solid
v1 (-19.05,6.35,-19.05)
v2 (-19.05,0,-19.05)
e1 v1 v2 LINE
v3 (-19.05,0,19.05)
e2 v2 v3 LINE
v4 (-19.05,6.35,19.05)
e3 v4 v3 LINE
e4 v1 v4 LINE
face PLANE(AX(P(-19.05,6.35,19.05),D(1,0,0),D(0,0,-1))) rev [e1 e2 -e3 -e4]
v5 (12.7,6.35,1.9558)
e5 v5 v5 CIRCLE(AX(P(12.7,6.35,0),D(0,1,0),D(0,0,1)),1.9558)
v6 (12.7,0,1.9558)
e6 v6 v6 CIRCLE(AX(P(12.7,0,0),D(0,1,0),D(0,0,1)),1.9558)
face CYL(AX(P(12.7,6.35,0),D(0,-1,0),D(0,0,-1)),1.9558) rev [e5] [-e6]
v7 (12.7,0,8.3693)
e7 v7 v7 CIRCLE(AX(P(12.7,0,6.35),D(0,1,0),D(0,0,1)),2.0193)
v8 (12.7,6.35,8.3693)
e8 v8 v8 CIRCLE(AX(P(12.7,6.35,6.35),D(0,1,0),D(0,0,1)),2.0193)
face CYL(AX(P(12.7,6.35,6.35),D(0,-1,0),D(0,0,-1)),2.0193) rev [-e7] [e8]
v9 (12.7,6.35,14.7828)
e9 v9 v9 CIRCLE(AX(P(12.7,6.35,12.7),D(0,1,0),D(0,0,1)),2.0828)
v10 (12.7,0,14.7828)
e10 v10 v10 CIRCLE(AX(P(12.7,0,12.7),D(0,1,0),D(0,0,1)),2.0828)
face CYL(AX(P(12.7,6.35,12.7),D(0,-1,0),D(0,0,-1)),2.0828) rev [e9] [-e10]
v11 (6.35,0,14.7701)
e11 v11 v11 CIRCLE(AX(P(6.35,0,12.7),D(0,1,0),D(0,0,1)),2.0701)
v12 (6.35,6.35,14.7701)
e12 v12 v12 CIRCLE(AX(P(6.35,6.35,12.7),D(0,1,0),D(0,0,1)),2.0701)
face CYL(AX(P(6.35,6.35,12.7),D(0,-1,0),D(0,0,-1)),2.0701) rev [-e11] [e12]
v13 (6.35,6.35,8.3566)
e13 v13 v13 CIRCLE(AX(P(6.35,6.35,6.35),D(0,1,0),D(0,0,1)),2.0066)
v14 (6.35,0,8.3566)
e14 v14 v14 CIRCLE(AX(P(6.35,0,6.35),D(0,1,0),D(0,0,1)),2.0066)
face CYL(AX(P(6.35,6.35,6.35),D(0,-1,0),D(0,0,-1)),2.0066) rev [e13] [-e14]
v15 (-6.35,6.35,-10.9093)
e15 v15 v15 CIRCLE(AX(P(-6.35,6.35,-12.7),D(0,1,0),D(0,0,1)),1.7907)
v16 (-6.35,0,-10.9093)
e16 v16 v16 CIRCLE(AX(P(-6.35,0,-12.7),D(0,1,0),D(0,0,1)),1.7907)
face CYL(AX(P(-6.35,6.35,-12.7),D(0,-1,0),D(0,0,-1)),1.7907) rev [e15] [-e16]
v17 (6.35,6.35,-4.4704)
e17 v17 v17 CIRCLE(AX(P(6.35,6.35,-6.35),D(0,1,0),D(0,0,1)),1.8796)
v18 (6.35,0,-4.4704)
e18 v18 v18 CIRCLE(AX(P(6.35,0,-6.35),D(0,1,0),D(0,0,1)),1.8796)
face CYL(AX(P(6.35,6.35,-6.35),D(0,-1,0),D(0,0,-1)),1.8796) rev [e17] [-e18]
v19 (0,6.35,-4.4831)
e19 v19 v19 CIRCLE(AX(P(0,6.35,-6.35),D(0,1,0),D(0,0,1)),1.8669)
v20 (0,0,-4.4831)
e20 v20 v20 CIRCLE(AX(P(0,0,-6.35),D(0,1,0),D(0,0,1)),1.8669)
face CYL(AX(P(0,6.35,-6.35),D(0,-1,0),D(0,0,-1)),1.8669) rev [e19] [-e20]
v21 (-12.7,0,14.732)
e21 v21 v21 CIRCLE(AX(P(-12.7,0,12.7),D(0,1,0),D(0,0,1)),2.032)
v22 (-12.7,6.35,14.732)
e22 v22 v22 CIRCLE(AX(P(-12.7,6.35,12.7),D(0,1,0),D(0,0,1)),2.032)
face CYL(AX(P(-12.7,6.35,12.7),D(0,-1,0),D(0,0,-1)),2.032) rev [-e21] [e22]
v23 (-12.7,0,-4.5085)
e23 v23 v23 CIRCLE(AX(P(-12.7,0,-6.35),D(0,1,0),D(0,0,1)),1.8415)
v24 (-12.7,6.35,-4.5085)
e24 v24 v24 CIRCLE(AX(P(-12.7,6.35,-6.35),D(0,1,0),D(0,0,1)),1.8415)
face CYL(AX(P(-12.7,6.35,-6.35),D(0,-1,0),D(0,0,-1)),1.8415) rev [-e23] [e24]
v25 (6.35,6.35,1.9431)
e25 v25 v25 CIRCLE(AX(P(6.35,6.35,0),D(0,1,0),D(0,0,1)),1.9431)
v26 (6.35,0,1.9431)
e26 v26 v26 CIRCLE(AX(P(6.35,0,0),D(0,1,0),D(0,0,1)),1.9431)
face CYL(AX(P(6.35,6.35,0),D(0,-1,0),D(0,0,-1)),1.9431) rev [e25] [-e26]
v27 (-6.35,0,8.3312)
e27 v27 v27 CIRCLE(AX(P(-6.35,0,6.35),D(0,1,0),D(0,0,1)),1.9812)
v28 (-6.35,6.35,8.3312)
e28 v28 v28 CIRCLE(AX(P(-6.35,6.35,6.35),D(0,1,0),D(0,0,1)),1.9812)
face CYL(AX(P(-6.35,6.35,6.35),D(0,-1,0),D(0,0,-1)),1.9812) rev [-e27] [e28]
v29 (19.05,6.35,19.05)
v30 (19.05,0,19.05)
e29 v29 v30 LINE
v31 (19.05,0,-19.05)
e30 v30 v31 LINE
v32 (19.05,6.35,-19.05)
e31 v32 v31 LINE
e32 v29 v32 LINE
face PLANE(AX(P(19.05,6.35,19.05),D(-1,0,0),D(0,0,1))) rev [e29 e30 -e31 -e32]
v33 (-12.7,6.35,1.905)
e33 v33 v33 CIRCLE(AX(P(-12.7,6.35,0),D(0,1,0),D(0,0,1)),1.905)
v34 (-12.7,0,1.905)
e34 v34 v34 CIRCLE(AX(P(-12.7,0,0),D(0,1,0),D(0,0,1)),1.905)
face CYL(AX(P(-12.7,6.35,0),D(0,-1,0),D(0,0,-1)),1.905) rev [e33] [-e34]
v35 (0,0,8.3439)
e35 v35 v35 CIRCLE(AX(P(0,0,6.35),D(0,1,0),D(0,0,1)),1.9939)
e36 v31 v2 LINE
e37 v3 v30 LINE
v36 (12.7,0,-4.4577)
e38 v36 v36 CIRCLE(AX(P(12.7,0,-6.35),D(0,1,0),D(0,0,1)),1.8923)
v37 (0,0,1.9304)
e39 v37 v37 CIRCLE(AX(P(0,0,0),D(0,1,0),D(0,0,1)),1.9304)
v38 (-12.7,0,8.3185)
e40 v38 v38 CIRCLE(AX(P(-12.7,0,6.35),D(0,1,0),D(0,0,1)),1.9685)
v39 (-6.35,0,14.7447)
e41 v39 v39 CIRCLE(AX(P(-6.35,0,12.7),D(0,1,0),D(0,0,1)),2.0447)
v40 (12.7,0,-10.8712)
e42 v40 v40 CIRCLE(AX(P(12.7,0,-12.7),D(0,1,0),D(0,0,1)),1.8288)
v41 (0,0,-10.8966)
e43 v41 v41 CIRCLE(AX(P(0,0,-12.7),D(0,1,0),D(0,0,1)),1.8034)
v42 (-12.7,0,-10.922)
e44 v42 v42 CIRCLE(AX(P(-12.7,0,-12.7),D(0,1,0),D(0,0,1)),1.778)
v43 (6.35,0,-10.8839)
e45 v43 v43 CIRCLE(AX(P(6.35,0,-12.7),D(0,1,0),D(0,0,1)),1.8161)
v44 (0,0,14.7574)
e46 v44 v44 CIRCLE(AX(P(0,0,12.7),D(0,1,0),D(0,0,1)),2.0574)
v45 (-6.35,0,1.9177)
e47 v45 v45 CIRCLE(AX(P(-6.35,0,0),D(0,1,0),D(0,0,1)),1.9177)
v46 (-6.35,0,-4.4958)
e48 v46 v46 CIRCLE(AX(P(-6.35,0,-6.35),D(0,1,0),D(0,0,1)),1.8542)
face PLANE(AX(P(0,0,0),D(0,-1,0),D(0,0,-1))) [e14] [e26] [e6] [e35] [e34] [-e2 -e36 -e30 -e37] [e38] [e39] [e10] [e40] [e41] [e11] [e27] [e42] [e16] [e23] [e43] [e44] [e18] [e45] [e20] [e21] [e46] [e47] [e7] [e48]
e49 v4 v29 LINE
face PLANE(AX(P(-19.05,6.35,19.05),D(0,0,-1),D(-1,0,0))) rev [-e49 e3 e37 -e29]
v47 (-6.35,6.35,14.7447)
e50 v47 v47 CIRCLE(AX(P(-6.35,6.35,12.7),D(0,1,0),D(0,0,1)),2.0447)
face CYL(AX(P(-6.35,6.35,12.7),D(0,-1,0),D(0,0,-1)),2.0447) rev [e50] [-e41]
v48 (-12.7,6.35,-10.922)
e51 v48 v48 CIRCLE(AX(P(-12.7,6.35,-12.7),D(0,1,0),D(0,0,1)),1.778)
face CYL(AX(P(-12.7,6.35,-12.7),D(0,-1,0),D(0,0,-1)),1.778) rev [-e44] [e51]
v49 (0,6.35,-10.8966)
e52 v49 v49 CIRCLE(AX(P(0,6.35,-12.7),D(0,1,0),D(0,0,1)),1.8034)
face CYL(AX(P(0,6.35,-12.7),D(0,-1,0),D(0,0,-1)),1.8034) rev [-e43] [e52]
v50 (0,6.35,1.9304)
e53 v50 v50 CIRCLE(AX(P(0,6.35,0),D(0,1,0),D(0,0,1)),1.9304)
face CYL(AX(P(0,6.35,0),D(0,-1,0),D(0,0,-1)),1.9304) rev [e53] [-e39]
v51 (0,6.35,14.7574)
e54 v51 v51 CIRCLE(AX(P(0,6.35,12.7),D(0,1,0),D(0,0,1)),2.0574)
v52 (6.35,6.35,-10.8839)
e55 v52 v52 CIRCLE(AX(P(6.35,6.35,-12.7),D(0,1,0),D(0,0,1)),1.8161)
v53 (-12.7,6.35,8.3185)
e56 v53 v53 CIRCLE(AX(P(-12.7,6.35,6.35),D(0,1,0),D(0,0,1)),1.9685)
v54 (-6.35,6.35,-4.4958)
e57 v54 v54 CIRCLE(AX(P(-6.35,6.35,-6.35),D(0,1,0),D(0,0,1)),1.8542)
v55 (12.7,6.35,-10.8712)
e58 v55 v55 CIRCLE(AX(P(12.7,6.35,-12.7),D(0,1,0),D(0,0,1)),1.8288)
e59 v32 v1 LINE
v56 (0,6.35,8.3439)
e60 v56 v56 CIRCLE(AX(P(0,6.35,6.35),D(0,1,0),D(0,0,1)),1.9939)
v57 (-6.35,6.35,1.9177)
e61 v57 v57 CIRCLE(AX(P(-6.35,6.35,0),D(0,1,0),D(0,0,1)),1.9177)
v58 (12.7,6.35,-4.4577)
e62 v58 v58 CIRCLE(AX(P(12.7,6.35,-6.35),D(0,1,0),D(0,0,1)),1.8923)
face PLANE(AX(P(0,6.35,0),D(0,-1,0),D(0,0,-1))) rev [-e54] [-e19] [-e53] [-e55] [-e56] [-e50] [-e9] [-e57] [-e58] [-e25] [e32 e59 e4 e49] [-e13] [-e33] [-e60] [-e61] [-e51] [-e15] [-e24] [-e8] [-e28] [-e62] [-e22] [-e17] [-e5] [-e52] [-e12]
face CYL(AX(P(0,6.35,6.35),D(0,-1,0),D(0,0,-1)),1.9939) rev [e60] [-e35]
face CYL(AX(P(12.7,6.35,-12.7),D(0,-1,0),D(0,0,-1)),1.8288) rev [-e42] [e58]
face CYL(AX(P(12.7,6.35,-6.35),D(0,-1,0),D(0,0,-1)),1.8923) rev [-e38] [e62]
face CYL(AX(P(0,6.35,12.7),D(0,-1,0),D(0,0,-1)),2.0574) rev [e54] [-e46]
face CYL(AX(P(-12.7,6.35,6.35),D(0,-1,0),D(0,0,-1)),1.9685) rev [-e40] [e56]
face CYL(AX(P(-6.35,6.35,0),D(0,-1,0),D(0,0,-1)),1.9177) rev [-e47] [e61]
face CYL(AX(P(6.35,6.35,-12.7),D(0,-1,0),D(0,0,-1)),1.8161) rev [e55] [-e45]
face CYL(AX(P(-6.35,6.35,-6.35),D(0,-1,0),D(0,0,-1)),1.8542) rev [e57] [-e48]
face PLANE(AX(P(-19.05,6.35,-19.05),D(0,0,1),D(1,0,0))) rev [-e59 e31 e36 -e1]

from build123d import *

# Parameters (mm, degrees)
SKETCH1_W           = 38.1
SKETCH1_H           = 38.1
SKETCH1_R           = 1.778
SKETCH1_R_2         = 1.7907
SKETCH1_R_3         = 1.8034
SKETCH1_R_4         = 1.8161
SKETCH1_R_5         = 1.8288
SKETCH1_R_6         = 1.8542
SKETCH1_R_7         = 1.8669
SKETCH1_R_8         = 1.8796
SKETCH1_R_9         = 1.8923
SKETCH1_R_10        = 1.9177
SKETCH1_R_11        = 1.9304
SKETCH1_R_12        = 1.9431
SKETCH1_R_13        = 1.9558
SKETCH1_R_14        = 1.9812
SKETCH1_R_15        = 1.9939
SKETCH1_R_16        = 2.0066
SKETCH1_R_17        = 2.0193
SKETCH1_R_18        = 2.0447
SKETCH1_R_19        = 2.0574
SKETCH1_R_20        = 2.0701
SKETCH1_R_21        = 2.0828
SKETCH1_R_22        = 1.8415
SKETCH1_R_23        = 1.905
SKETCH1_R_24        = 1.9685
SKETCH1_R_25        = 2.032
BOSS_EXTRUDE1_DEPTH = 6.35


with BuildPart() as part:
    # Sketch1 → Boss-Extrude1 (new body)
    with BuildSketch(Plane(origin=(0, 0, 0), x_dir=(1, 0, 0), z_dir=(0, 1, 0))):
        Rectangle(SKETCH1_W, SKETCH1_H)
        with Locations((-12.7, 12.7)):
            Circle(SKETCH1_R, mode=Mode.SUBTRACT)
        with Locations((-6.35, 12.7)):
            Circle(SKETCH1_R_2, mode=Mode.SUBTRACT)
        with Locations((0, 12.7)):
            Circle(SKETCH1_R_3, mode=Mode.SUBTRACT)
        with Locations((6.35, 12.7)):
            Circle(SKETCH1_R_4, mode=Mode.SUBTRACT)
        with Locations((12.7, 12.7)):
            Circle(SKETCH1_R_5, mode=Mode.SUBTRACT)
        with Locations((-6.35, 6.35)):
            Circle(SKETCH1_R_6, mode=Mode.SUBTRACT)
        with Locations((0, 6.35)):
            Circle(SKETCH1_R_7, mode=Mode.SUBTRACT)
        with Locations((6.35, 6.35)):
            Circle(SKETCH1_R_8, mode=Mode.SUBTRACT)
        with Locations((12.7, 6.35)):
            Circle(SKETCH1_R_9, mode=Mode.SUBTRACT)
        with Locations((-6.35, 0)):
            Circle(SKETCH1_R_10, mode=Mode.SUBTRACT)
        Circle(SKETCH1_R_11, mode=Mode.SUBTRACT)
        with Locations((6.35, 0)):
            Circle(SKETCH1_R_12, mode=Mode.SUBTRACT)
        with Locations((12.7, 0)):
            Circle(SKETCH1_R_13, mode=Mode.SUBTRACT)
        with Locations((-6.35, -6.35)):
            Circle(SKETCH1_R_14, mode=Mode.SUBTRACT)
        with Locations((0, -6.35)):
            Circle(SKETCH1_R_15, mode=Mode.SUBTRACT)
        with Locations((6.35, -6.35)):
            Circle(SKETCH1_R_16, mode=Mode.SUBTRACT)
        with Locations((12.7, -6.35)):
            Circle(SKETCH1_R_17, mode=Mode.SUBTRACT)
        with Locations((-6.35, -12.7)):
            Circle(SKETCH1_R_18, mode=Mode.SUBTRACT)
        with Locations((0, -12.7)):
            Circle(SKETCH1_R_19, mode=Mode.SUBTRACT)
        with Locations((6.35, -12.7)):
            Circle(SKETCH1_R_20, mode=Mode.SUBTRACT)
        with Locations((12.7, -12.7)):
            Circle(SKETCH1_R_21, mode=Mode.SUBTRACT)
        with Locations((-12.7, 6.35)):
            Circle(SKETCH1_R_22, mode=Mode.SUBTRACT)
        with Locations((-12.7, 0)):
            Circle(SKETCH1_R_23, mode=Mode.SUBTRACT)
        with Locations((-12.7, -6.35)):
            Circle(SKETCH1_R_24, mode=Mode.SUBTRACT)
        with Locations((-12.7, -12.7)):
            Circle(SKETCH1_R_25, mode=Mode.SUBTRACT)
    extrude(amount=BOSS_EXTRUDE1_DEPTH)


solid = part.part
